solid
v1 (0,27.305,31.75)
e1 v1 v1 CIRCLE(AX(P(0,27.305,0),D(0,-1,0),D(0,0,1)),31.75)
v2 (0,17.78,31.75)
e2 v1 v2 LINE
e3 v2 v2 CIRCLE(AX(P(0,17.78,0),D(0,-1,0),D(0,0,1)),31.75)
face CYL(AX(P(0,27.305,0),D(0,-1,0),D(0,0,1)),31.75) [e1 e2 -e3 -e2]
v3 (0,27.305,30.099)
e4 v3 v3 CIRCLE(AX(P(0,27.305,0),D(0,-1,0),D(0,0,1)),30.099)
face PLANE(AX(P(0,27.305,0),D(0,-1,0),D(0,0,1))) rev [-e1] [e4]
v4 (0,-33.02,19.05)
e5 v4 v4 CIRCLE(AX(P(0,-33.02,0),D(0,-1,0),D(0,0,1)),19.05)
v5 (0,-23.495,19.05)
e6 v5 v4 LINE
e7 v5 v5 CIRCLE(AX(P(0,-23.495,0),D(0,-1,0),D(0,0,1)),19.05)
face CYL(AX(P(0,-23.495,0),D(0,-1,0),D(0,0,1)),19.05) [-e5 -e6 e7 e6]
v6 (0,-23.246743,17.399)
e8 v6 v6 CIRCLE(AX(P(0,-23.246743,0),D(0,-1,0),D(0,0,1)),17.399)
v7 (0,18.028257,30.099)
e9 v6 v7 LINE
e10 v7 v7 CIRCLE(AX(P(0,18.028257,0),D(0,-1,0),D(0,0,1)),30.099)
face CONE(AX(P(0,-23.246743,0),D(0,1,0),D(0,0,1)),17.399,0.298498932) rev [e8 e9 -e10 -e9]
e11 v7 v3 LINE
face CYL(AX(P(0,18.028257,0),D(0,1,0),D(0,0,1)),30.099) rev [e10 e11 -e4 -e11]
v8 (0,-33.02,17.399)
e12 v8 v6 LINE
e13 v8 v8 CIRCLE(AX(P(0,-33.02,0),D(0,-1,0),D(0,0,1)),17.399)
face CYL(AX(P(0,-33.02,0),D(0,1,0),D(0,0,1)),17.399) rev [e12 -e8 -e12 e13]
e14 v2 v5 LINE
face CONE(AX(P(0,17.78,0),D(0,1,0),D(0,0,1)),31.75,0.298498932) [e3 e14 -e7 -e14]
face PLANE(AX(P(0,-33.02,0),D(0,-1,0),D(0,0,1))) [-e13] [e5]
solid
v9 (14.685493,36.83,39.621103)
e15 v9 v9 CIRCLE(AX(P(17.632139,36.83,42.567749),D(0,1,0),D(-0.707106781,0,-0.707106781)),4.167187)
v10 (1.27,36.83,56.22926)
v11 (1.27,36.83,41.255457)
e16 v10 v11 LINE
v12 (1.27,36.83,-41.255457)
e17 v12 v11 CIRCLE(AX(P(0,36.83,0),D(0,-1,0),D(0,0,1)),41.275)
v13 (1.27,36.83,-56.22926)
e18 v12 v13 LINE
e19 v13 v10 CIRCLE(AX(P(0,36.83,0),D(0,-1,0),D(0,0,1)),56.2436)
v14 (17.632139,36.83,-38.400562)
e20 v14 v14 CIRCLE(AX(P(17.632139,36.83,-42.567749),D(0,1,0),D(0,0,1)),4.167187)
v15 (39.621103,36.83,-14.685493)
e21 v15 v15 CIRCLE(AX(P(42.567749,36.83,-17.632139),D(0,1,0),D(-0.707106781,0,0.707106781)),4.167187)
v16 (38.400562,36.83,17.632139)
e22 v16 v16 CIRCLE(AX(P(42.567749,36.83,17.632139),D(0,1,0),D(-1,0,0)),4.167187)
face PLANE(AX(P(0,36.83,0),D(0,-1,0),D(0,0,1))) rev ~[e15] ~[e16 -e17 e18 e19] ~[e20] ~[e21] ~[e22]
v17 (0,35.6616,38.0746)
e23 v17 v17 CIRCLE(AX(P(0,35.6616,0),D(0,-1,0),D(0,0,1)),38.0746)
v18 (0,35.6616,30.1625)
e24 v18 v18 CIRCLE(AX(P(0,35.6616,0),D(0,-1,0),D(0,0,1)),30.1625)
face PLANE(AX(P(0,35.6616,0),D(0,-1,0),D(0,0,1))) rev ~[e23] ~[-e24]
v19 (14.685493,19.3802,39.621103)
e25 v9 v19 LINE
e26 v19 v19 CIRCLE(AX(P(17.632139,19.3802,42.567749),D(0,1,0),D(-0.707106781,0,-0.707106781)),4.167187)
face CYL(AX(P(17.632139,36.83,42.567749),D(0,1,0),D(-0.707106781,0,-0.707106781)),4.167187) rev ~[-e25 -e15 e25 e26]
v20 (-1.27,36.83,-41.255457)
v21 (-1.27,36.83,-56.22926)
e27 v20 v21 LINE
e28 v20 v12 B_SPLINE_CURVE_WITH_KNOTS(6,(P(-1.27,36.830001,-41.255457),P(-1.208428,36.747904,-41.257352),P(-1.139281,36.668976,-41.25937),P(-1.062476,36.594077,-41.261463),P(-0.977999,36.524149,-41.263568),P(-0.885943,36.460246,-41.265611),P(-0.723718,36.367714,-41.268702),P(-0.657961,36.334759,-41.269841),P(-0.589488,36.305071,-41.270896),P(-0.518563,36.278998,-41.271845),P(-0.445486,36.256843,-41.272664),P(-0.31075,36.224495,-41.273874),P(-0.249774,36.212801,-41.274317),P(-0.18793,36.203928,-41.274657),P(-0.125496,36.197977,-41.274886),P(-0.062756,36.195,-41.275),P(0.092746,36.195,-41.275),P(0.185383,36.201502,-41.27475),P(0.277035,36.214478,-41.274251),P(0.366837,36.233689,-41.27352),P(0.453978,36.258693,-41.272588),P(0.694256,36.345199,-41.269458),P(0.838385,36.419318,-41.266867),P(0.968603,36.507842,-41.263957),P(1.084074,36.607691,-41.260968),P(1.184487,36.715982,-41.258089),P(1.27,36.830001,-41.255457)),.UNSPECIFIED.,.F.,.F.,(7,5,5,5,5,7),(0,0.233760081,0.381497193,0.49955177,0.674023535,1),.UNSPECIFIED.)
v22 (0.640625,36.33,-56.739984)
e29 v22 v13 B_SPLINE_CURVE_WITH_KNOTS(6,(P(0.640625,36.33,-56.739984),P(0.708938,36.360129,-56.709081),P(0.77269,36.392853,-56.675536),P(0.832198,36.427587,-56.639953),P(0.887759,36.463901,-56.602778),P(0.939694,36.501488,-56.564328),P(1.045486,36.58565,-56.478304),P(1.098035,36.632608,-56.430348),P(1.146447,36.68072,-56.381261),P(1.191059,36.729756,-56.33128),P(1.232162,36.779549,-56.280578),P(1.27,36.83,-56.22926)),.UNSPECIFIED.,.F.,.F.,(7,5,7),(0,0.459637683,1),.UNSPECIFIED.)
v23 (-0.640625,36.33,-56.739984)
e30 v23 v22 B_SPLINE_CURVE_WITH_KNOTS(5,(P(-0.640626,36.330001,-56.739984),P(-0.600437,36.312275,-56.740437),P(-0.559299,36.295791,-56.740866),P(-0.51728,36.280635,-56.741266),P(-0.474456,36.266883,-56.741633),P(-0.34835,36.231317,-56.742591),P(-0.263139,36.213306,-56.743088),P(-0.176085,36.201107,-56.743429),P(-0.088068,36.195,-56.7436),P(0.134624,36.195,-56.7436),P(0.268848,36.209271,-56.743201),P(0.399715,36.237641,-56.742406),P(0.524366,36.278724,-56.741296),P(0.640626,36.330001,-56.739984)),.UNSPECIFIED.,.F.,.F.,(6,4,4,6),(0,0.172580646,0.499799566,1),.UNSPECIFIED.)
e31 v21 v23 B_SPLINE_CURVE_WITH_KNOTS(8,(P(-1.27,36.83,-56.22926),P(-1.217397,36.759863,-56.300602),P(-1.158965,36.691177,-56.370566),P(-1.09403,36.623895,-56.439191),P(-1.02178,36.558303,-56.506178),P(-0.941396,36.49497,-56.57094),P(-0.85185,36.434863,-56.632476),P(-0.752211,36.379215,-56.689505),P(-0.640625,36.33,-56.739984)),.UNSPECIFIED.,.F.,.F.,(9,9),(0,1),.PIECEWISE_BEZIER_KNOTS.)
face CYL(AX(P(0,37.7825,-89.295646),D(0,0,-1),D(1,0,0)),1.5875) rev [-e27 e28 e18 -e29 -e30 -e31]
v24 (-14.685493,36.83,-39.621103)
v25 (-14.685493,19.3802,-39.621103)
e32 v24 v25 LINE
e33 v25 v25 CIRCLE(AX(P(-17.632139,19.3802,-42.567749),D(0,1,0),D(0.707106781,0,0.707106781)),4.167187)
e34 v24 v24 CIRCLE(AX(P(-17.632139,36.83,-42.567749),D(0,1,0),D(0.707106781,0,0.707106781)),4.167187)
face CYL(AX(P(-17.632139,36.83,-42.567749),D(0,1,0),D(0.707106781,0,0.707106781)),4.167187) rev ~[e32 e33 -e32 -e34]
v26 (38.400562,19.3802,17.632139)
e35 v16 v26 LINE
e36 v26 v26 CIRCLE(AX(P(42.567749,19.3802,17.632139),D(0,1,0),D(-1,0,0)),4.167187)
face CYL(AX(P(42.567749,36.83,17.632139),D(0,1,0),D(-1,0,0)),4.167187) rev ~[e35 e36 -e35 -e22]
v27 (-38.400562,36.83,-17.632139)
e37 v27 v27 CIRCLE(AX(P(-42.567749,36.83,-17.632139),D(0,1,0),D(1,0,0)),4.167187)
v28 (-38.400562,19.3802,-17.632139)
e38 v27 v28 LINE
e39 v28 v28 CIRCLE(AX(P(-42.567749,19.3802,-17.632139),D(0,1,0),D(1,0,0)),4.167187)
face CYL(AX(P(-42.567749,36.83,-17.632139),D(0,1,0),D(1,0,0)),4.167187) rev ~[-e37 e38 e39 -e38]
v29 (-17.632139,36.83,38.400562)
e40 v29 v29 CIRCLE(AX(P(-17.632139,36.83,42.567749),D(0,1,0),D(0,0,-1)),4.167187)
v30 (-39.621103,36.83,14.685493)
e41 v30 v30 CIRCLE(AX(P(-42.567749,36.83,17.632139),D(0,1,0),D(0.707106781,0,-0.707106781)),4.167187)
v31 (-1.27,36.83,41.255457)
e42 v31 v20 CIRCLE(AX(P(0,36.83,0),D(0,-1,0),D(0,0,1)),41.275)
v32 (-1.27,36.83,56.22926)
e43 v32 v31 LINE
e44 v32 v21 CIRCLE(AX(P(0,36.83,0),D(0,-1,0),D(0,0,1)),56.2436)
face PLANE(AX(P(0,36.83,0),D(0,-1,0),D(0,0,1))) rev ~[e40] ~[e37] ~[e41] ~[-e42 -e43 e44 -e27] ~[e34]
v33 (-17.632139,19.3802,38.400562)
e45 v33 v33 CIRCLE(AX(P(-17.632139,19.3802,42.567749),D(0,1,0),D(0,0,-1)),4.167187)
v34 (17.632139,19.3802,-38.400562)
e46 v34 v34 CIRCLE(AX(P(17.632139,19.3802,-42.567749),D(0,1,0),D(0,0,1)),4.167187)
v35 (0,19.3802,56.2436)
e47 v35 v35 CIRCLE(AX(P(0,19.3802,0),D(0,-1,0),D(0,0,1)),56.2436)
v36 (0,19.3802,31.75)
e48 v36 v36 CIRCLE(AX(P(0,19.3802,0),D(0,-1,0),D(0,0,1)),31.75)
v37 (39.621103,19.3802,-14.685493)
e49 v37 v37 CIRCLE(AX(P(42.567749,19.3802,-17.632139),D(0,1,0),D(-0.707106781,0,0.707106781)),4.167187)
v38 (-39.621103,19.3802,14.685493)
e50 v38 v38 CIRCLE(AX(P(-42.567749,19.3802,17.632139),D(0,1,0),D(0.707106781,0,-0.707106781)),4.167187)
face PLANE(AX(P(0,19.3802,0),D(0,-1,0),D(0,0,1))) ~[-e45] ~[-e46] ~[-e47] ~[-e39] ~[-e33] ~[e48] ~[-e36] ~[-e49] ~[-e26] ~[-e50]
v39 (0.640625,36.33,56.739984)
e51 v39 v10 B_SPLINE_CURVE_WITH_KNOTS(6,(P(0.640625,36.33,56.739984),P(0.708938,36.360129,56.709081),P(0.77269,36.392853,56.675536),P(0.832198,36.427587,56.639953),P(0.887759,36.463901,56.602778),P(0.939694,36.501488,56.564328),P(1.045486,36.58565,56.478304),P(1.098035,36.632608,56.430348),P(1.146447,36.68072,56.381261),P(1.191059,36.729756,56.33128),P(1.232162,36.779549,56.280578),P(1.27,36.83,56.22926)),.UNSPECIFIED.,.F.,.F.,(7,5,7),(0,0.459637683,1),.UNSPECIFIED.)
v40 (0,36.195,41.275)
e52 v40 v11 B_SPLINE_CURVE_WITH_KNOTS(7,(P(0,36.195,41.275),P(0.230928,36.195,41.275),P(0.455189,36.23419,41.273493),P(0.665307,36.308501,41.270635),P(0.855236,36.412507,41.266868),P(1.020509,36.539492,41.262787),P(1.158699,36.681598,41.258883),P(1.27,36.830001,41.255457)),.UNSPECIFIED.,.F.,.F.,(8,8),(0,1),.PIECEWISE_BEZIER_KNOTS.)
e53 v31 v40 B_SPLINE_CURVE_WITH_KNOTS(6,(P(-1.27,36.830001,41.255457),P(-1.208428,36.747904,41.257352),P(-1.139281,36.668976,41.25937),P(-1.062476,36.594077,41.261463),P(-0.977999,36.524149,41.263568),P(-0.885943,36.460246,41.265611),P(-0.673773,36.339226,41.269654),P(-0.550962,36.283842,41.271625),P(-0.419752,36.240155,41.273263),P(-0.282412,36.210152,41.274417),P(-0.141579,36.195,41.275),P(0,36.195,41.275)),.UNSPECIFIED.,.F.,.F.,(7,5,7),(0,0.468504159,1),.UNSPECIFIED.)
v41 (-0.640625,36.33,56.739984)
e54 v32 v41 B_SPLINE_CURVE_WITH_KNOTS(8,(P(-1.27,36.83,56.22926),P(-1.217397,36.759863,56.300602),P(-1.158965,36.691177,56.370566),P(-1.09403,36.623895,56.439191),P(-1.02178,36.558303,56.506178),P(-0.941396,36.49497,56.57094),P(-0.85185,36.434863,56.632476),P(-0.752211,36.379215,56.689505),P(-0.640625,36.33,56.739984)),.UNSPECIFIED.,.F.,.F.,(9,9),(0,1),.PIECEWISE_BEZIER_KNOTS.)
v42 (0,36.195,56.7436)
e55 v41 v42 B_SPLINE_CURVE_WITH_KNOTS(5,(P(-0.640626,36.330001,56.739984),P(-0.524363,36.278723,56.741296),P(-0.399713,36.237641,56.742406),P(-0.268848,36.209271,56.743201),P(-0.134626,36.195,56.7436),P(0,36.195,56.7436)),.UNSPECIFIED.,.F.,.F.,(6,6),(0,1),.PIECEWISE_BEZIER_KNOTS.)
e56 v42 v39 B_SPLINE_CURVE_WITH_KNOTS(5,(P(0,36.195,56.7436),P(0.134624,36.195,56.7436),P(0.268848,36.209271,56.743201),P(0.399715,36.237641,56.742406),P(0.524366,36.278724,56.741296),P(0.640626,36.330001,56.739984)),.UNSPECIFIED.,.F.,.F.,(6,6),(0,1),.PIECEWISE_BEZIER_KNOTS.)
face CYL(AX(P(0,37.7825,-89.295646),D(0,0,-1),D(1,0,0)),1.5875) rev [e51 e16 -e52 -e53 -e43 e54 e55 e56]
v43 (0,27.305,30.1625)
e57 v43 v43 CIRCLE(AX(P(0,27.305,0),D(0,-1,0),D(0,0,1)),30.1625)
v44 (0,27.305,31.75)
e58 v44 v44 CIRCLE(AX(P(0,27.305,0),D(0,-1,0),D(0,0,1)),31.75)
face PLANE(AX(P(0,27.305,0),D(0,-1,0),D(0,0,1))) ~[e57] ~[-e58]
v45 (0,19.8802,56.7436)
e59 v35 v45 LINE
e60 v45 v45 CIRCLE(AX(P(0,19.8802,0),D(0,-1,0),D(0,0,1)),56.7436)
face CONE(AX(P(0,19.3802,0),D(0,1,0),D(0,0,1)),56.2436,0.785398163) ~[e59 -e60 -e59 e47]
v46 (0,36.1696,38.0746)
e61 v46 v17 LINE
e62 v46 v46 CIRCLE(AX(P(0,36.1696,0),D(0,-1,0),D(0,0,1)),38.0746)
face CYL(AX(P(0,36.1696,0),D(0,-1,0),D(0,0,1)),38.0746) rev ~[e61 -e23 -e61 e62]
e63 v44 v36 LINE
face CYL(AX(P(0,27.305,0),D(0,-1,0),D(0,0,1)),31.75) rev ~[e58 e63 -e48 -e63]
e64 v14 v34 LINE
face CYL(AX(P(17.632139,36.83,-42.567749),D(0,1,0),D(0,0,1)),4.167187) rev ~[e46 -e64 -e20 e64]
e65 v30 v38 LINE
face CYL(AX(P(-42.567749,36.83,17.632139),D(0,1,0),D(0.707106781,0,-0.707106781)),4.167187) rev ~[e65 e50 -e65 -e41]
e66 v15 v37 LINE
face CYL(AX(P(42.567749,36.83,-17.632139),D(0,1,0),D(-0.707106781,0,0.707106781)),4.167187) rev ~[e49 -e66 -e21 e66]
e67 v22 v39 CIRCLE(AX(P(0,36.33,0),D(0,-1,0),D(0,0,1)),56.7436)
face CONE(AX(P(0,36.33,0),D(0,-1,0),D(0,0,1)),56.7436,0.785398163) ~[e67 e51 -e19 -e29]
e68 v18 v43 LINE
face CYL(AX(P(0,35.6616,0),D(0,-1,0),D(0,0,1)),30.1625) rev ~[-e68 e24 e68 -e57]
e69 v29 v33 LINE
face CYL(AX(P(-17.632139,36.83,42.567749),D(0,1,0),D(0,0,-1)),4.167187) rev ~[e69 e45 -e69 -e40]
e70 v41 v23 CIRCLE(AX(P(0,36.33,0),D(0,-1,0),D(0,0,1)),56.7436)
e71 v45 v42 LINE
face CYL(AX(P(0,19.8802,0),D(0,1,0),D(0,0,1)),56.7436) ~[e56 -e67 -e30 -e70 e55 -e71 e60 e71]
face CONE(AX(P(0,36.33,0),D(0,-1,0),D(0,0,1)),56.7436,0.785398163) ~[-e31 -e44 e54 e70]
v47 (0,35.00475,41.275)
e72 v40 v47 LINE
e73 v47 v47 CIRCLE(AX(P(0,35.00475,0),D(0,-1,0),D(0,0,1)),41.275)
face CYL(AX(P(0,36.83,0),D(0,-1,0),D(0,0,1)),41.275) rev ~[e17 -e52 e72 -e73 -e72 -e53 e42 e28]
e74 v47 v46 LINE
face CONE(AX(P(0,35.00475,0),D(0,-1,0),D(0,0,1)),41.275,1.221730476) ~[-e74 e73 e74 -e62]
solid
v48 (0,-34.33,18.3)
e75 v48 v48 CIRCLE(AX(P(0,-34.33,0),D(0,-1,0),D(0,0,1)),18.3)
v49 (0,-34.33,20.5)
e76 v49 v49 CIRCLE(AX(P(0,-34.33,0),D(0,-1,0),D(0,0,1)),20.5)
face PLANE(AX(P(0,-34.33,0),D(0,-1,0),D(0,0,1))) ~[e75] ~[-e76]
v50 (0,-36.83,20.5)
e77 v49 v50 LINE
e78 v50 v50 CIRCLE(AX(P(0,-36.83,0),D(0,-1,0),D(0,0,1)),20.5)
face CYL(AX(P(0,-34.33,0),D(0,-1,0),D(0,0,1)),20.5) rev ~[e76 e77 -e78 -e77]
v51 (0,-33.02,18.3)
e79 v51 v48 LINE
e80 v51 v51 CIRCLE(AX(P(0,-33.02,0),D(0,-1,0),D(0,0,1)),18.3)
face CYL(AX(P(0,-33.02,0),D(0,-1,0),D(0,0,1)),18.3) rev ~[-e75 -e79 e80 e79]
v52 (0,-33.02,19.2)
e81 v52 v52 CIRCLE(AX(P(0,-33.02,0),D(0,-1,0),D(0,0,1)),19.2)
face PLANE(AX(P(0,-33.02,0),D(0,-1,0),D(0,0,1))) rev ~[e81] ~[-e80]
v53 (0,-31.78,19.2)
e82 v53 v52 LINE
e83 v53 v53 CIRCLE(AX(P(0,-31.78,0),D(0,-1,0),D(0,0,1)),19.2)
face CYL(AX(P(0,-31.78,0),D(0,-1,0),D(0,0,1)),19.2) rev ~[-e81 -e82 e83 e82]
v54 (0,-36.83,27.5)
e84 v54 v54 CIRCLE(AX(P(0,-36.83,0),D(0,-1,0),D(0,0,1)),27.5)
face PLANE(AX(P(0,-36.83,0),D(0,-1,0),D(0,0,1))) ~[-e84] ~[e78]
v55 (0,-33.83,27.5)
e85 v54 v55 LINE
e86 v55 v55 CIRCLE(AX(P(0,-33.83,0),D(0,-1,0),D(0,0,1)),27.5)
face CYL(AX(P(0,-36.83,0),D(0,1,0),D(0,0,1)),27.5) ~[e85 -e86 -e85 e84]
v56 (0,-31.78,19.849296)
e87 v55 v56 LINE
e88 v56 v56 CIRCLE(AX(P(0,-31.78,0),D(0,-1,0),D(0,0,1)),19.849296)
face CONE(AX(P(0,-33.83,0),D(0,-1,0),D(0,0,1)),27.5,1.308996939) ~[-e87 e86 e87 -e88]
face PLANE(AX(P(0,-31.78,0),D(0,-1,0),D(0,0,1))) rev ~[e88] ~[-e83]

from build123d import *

# Parameters (mm, degrees)
SKETCH8_R               = 4.1671875
CUT_EXTRUDE1_DEPTH      = 109.928728451
CIRPATTERN1_COUNT       = 8
CUT_EXTRUDE2_DEPTH      = 89.295646449
CUT_EXTRUDE2_DEPTH_BACK = 89.295646449
SKETCH9_R               = 1.5875


with BuildPart() as part:
    # Sketch5 → Revolve1 (revolve)
    with BuildSketch(Plane(origin=(0, 0, 0), x_dir=(0, 0, -1), z_dir=(1, 0, 0)), mode=Mode.PRIVATE) as revolve1_sk:
        Polygon((20.5, -34.33), (20.5, -36.83), (27.5, -36.83), (27.5, -33.83), (19.849295844, -31.78), (19.2, -31.78), (19.2, -33.02), (18.3, -33.02), (18.3, -34.33), align=None)
    revolve(revolve1_sk.sketch.rotate(Axis((0, 36.83, 0), (0, -1, 0)), 180), axis=Axis((0, 36.83, 0), (0, -1, 0)))


with BuildPart() as body_2:
    # Sketch6 → Revolve2 (revolve)
    with BuildSketch(Plane(origin=(0, 0, 0), x_dir=(0, 0, -1), z_dir=(1, 0, 0)), mode=Mode.PRIVATE) as revolve2_sk:
        Polygon((17.399, -33.02), (17.399, -23.246743048), (30.099, 18.028256952), (30.099, 27.305), (31.75, 27.305), (31.75, 17.78), (19.05, -23.495), (19.05, -33.02), align=None)
    revolve(revolve2_sk.sketch.rotate(Axis((0, 36.83, 0), (0, -1, 0)), 180), axis=Axis((0, 36.83, 0), (0, -1, 0)))


with BuildPart() as body_3:
    # Sketch7 → Revolve3 (revolve)
    with BuildSketch(Plane(origin=(0, 0, 0), x_dir=(0, 0, -1), z_dir=(1, 0, 0)), mode=Mode.PRIVATE) as revolve3_sk:
        Polygon((31.75, 27.305), (31.75, 19.3802), (56.2436, 19.3802), (56.7436, 19.8802), (56.7436, 36.33), (56.2436, 36.83), (41.275, 36.83), (41.275, 35.004749662), (38.0746, 36.1696), (38.0746, 35.6616), (30.1625, 35.6616), (30.1625, 27.305), align=None)
    revolve(revolve3_sk.sketch.rotate(Axis((0, 36.83, 0), (0, -1, 0)), 180), axis=Axis((0, 36.83, 0), (0, -1, 0)))

    # Sketch8 → Cut-Extrude1 (cut, through all)
    with BuildSketch(Plane(origin=(0, 36.83, 0), x_dir=(1, 0, 0), z_dir=(0, 1, 0))):
        with Locations(Location((17.632139146, 42.56774946, 0), (0, 0, 270))):
            Circle(SKETCH8_R)
    cut_extrude1 = extrude(amount=-CUT_EXTRUDE1_DEPTH, mode=Mode.SUBTRACT)

    # CirPattern1: Cut-Extrude1 ×8 about axis
    cirpattern1_axis = Axis((0, 0, 0), (0, 1, 0))
    for i in range(1, CIRPATTERN1_COUNT):
        add(cut_extrude1.rotate(cirpattern1_axis, i * 360 / CIRPATTERN1_COUNT), mode=Mode.SUBTRACT)

    # Sketch9 → Cut-Extrude2 (cut, two sides: drawn at the far end of the back side and taken through both)
    with BuildSketch(Plane.XY.offset(-CUT_EXTRUDE2_DEPTH_BACK)):
        with Locations((0, 37.7825)):
            Circle(SKETCH9_R)
    extrude(amount=CUT_EXTRUDE2_DEPTH + CUT_EXTRUDE2_DEPTH_BACK, mode=Mode.SUBTRACT)


solid = Compound([part.part, body_2.part, body_3.part])
